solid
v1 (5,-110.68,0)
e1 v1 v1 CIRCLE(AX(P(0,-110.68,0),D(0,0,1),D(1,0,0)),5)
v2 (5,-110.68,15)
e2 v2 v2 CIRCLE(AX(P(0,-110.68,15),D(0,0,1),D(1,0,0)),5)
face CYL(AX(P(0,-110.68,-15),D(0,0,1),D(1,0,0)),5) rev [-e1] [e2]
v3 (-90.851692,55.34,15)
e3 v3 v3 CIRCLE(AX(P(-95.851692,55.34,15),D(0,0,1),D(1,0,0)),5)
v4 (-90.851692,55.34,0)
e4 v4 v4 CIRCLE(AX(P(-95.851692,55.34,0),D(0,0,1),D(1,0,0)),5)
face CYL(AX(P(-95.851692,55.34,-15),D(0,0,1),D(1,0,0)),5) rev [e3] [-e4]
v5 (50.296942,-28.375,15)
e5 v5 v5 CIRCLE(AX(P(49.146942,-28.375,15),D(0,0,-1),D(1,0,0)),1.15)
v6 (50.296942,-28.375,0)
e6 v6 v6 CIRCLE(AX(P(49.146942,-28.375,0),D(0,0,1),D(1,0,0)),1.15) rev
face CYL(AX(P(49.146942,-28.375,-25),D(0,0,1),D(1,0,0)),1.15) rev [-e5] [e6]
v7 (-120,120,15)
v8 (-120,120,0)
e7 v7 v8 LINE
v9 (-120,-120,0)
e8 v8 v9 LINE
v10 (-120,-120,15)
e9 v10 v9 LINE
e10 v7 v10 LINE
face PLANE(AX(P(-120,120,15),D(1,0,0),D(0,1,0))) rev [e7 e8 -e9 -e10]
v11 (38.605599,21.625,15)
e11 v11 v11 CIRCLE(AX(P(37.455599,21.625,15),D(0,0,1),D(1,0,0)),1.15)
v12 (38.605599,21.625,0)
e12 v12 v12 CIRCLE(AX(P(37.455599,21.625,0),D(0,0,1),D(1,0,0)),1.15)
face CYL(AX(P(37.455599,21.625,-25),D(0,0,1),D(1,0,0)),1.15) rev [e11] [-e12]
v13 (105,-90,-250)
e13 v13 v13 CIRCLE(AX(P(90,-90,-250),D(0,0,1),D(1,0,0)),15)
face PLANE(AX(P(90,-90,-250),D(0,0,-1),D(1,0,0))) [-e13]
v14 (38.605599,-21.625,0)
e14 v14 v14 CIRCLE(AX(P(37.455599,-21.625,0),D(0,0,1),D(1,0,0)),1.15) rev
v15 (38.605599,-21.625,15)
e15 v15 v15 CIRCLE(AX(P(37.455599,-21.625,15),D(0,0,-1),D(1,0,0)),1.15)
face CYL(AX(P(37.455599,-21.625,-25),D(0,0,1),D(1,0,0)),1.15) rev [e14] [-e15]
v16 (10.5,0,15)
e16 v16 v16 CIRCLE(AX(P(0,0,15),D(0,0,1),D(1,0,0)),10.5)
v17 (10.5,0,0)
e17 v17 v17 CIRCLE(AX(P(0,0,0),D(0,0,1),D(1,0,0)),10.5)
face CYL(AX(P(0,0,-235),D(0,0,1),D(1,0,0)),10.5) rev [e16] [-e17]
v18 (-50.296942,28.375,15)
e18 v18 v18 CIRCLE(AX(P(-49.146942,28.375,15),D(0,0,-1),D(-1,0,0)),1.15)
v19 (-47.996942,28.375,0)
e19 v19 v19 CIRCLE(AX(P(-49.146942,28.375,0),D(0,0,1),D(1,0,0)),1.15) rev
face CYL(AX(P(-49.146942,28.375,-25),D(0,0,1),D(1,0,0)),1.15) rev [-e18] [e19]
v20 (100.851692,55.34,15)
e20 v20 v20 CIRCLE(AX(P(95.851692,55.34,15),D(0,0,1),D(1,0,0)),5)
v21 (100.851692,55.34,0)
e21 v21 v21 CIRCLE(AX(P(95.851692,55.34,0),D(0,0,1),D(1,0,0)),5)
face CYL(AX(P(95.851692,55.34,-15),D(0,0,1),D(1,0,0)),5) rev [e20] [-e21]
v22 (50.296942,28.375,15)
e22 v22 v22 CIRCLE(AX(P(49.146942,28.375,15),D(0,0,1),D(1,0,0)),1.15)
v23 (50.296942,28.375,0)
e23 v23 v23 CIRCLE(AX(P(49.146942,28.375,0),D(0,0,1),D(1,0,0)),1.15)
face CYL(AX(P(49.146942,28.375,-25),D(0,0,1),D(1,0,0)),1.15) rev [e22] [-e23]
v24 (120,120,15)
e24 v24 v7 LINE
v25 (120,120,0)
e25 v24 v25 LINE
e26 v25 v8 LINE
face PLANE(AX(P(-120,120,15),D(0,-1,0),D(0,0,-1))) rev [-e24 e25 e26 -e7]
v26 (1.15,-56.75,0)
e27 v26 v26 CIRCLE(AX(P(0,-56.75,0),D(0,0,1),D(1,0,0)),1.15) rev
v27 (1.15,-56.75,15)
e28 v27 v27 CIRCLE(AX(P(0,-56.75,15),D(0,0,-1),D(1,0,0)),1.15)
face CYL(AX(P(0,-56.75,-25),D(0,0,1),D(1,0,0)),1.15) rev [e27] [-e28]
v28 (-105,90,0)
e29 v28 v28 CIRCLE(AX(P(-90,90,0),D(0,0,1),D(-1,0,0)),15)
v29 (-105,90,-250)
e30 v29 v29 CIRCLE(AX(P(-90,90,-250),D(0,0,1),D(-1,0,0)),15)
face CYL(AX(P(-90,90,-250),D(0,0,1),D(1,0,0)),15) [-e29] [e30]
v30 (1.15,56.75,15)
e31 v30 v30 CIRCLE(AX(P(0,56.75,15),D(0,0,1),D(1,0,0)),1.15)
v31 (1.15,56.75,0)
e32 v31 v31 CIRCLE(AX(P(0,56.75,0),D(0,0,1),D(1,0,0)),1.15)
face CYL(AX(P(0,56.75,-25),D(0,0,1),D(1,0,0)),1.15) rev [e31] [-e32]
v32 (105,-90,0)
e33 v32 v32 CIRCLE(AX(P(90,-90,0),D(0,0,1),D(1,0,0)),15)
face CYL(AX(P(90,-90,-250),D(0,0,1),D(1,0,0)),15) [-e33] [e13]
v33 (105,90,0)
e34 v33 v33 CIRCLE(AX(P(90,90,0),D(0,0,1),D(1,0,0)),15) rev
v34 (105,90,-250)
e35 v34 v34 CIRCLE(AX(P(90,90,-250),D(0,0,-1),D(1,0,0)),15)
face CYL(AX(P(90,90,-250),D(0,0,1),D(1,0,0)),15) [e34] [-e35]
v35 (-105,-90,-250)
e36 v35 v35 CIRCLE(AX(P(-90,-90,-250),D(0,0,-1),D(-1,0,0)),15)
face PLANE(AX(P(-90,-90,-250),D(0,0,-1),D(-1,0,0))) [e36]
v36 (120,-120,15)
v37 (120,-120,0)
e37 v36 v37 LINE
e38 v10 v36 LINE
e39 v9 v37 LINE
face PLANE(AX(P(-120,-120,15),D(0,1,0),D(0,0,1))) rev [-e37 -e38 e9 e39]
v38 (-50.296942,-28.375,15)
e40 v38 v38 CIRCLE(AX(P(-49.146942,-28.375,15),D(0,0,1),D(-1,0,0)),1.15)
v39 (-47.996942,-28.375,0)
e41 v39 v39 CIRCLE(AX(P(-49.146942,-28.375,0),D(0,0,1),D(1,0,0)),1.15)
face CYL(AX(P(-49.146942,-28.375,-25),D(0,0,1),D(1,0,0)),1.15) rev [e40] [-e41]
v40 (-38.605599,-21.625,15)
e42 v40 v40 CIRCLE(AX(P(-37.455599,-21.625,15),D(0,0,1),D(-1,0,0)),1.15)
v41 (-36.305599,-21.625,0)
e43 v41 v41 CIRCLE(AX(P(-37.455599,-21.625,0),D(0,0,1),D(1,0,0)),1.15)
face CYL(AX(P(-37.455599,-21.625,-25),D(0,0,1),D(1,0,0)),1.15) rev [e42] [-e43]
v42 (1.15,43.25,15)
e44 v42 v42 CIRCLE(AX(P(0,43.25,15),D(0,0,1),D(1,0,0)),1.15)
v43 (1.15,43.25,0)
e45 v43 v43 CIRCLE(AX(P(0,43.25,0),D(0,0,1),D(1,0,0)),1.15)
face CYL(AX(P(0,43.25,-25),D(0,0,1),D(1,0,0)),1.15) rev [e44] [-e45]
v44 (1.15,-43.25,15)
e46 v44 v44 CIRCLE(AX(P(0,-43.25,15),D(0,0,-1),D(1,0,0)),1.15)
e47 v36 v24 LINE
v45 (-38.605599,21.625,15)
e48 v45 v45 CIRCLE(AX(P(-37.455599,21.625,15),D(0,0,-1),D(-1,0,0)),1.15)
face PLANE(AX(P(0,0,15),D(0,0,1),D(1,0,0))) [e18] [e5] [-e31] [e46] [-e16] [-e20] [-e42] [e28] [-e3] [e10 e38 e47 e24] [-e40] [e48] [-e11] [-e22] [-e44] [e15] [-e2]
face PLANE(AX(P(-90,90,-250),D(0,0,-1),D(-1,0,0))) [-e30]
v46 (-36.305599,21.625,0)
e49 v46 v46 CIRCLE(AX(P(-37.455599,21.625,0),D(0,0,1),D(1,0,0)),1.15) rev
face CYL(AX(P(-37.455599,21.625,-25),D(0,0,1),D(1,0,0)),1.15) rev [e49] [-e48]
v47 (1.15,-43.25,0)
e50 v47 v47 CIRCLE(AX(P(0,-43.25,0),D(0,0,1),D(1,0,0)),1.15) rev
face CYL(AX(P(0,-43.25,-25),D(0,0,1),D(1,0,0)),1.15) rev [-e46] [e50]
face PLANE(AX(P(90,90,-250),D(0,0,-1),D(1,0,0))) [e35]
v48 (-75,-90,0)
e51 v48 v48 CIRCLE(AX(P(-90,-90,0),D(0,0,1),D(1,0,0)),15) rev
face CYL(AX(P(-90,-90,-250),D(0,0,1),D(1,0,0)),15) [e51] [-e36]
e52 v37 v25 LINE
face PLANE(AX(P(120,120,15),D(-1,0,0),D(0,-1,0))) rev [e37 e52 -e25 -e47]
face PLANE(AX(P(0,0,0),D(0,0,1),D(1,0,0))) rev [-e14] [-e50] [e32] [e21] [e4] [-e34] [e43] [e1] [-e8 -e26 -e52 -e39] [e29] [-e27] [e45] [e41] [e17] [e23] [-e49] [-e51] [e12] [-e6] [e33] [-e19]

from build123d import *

# Parameters (mm, degrees)
SKETCH1_W               = 240
SKETCH1_H               = 240
BOSS_EXTRUDE1_DEPTH     = 15
SKETCH3_R               = 15
BOSS_EXTRUDE3_DEPTH     = 250
MIRROR7_COPY_1_SKETCH_R = 15
MIRROR7_COPY_1_DEPTH    = 250
SKETCH4_R               = 10.5
CUT_EXTRUDE1_DEPTH      = 250
SKETCH5_R               = 1.15
CUT_EXTRUDE2_DEPTH      = 40
MIRROR9_COPY_1_SKETCH_R = 1.15
MIRROR9_COPY_1_DEPTH    = 40
SKETCH6_R               = 5
CUT_EXTRUDE3_DEPTH      = 30


with BuildPart() as part:
    # Sketch1 → Boss-Extrude1 (new body)
    with BuildSketch(Plane.XY):
        Rectangle(SKETCH1_W, SKETCH1_H)
    extrude(amount=BOSS_EXTRUDE1_DEPTH)

    # Sketch3 → Boss-Extrude3 (add)
    with BuildSketch(Plane(origin=(0, 0, 0), x_dir=(-1, 0, 0), z_dir=(0, 0, -1))):
        with Locations((90, -90)):
            Circle(SKETCH3_R)
    boss_extrude3 = extrude(amount=BOSS_EXTRUDE3_DEPTH)

    # Mirror6: Boss-Extrude3 across plane
    add(boss_extrude3.mirror(Plane.ZX))

    # Mirror7: Boss-Extrude3 across plane
    add(boss_extrude3.mirror(Plane(origin=(0, 0, 0), x_dir=(0, 0, 1), z_dir=(1, 0, 0))))

    # Mirror7 copy 1 sketch → Mirror7 copy 1 (add)
    with BuildSketch(Plane(origin=(0, 0, 0), x_dir=(1, 0, 0), z_dir=(0, 0, -1))):
        with Locations((90, -90)):
            Circle(MIRROR7_COPY_1_SKETCH_R)
    extrude(amount=MIRROR7_COPY_1_DEPTH)

    # Sketch4 → Cut-Extrude1 (cut)
    with BuildSketch(Plane.XY.offset(15)):
        Circle(SKETCH4_R)
    extrude(amount=-CUT_EXTRUDE1_DEPTH, mode=Mode.SUBTRACT)

    # Sketch5 → Cut-Extrude2 (cut)
    with BuildSketch(Plane.XY.offset(15)):
        with Locations((37.455598714, 21.625)):
            Circle(SKETCH5_R)
        with Locations((49.146941665, 28.375)):
            Circle(SKETCH5_R)
        with Locations((0, 43.25)):
            Circle(SKETCH5_R)
        with Locations((0, 56.75)):
            Circle(SKETCH5_R)
    cut_extrude2 = extrude(amount=-CUT_EXTRUDE2_DEPTH, mode=Mode.SUBTRACT)

    # Mirror8: Cut-Extrude2 across plane
    add(cut_extrude2.mirror(Plane.ZX), mode=Mode.SUBTRACT)

    # Mirror9: Cut-Extrude2 across plane
    add(cut_extrude2.mirror(Plane(origin=(0, 0, 0), x_dir=(0, 0, 1), z_dir=(1, 0, 0))), mode=Mode.SUBTRACT)

    # Mirror9 copy 1 sketch → Mirror9 copy 1 (cut)
    with BuildSketch(Plane(origin=(0, 0, 15), x_dir=(-1, 0, 0), z_dir=(0, 0, 1))):
        with Locations((37.455598714, 21.625)):
            Circle(MIRROR9_COPY_1_SKETCH_R)
        with Locations((49.146941665, 28.375)):
            Circle(MIRROR9_COPY_1_SKETCH_R)
        with Locations((0, 43.25)):
            Circle(MIRROR9_COPY_1_SKETCH_R)
        with Locations((0, 56.75)):
            Circle(MIRROR9_COPY_1_SKETCH_R)
    extrude(amount=-MIRROR9_COPY_1_DEPTH, mode=Mode.SUBTRACT)

    # Sketch6 → Cut-Extrude3 (cut)
    with BuildSketch(Plane.XY.offset(15)):
        with Locations((0, -110.68)):
            Circle(SKETCH6_R)
        with Locations((-95.851691691, 55.34)):
            Circle(SKETCH6_R)
        with Locations((95.851691691, 55.34)):
            Circle(SKETCH6_R)
    extrude(amount=-CUT_EXTRUDE3_DEPTH, mode=Mode.SUBTRACT)


solid = part.part
